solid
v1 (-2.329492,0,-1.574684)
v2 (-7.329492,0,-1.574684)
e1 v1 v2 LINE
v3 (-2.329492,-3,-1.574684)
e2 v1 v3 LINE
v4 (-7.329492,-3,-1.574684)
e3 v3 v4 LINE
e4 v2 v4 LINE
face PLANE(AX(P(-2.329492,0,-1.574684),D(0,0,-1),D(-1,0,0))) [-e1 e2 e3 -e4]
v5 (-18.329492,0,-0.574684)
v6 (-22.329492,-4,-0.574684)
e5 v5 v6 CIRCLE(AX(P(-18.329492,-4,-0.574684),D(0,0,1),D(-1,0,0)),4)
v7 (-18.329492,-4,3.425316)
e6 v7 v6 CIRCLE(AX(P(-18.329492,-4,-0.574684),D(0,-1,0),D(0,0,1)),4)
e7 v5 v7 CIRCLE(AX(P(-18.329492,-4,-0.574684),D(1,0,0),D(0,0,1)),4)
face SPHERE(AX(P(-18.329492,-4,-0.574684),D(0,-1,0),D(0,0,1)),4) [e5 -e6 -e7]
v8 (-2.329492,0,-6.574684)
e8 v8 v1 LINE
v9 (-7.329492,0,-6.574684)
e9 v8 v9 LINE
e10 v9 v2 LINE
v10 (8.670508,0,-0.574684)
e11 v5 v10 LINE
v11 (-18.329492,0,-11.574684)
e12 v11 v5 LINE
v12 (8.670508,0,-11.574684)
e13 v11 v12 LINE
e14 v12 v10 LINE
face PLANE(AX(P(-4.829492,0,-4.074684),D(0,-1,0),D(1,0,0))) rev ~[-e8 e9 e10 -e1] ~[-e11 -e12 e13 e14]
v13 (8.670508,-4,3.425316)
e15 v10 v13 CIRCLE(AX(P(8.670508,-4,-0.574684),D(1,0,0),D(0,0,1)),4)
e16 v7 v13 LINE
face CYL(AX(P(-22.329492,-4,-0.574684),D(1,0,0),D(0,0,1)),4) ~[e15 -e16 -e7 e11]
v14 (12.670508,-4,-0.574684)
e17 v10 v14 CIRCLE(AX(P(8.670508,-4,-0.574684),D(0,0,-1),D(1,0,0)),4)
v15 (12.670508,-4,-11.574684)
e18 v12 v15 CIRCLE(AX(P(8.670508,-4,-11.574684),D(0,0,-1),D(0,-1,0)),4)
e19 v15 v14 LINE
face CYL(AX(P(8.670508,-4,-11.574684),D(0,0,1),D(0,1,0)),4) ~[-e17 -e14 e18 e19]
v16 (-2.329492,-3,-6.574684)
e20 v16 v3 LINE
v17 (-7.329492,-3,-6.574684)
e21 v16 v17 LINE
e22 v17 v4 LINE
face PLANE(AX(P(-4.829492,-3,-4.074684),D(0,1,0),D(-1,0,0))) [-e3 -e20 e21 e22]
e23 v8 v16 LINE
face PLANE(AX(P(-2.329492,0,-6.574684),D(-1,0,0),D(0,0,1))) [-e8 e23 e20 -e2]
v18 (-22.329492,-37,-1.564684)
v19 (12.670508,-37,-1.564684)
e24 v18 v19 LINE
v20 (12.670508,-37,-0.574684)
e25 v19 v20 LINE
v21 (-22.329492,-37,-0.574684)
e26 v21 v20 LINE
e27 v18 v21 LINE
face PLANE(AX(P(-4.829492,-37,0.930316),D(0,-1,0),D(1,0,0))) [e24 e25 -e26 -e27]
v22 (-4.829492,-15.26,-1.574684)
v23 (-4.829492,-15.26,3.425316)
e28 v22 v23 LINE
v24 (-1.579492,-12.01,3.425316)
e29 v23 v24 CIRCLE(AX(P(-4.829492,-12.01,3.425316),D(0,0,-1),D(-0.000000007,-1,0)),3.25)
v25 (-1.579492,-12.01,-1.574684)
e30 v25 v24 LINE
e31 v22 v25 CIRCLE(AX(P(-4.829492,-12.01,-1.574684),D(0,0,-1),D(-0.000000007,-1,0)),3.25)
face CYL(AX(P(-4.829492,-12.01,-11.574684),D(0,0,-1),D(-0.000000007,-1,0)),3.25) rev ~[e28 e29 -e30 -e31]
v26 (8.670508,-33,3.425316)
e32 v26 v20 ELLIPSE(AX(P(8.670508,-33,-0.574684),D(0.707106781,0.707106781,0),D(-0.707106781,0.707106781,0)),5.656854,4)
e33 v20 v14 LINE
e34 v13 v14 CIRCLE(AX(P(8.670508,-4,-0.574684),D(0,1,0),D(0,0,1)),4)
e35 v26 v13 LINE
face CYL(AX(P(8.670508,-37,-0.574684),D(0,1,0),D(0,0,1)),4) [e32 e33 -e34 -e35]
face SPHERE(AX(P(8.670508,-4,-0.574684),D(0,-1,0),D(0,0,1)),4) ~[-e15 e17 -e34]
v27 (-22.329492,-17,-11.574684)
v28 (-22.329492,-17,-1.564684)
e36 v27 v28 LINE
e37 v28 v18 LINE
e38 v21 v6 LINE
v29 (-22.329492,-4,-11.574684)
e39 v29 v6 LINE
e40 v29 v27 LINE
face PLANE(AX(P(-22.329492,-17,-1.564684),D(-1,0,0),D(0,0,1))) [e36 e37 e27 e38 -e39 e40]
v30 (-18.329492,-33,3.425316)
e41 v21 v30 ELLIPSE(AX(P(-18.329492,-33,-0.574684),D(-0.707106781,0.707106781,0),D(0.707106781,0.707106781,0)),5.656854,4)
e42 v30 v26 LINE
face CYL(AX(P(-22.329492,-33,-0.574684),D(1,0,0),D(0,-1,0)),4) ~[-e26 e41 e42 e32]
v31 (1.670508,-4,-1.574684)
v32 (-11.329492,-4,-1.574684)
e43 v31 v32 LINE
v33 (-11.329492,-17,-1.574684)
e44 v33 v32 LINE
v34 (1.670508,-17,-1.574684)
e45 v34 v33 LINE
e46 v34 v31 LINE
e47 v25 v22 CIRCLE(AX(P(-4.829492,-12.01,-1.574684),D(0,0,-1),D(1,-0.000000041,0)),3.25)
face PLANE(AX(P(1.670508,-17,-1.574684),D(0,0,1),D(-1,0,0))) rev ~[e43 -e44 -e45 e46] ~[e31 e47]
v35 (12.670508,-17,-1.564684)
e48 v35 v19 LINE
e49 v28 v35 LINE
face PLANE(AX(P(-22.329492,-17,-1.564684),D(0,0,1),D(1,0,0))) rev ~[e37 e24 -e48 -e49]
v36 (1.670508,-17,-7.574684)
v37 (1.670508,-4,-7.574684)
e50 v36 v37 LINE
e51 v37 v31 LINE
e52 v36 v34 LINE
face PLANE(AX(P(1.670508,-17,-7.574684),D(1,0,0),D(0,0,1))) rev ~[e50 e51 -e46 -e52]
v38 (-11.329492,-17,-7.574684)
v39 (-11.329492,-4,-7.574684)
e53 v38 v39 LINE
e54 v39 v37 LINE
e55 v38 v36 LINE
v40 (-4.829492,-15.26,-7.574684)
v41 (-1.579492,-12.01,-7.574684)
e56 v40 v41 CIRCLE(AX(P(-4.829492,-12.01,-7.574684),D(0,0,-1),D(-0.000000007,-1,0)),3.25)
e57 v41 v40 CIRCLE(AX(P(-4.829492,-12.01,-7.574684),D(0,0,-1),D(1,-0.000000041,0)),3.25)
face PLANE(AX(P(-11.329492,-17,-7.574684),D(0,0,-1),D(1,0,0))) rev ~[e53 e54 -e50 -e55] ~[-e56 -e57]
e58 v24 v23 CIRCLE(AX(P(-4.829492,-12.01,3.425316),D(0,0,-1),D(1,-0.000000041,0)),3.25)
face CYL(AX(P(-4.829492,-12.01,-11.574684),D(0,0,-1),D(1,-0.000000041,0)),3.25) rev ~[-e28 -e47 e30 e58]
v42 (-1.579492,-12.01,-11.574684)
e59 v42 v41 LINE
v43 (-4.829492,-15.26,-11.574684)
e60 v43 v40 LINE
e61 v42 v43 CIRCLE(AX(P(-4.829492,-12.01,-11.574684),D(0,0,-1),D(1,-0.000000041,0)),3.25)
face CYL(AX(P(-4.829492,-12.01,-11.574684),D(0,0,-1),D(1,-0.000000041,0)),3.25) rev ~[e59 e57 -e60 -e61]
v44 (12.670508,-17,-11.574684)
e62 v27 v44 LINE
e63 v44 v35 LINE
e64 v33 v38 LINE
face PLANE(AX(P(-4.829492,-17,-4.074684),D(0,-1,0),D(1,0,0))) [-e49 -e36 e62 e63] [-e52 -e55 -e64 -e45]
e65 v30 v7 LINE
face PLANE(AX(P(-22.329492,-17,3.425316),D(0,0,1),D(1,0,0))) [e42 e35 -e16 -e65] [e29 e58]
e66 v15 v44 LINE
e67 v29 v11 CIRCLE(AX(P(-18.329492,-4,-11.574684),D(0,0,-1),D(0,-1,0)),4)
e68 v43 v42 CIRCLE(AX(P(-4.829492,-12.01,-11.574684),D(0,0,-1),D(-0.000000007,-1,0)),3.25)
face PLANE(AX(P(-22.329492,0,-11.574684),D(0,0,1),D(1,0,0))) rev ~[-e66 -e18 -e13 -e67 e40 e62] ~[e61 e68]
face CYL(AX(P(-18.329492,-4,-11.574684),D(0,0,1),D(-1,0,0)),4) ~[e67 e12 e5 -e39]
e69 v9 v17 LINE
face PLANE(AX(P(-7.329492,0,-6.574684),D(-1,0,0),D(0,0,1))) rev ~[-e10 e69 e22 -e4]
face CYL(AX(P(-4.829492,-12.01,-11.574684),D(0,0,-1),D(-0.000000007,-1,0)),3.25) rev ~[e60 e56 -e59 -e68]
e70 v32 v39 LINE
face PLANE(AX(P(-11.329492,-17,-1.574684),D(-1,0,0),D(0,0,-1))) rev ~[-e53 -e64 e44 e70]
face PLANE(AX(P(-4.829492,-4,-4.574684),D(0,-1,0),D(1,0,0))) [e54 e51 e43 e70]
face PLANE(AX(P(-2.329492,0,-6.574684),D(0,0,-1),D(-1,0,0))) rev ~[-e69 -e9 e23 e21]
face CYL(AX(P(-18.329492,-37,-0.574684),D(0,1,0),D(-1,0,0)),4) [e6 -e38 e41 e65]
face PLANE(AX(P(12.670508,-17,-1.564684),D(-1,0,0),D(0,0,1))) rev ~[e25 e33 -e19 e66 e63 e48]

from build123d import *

# Parameters (mm, degrees)
F0_W     = 35
F0_H     = 15
F1_DEPTH = 17
F2_W     = 35
F2_H     = 4.99
F3_DEPTH = 20
F5_DEPTH = 13
F7_DEPTH = 25
F8_W     = 5
F8_H     = 5
F9_DEPTH = 3
F10_R    = 4


with BuildPart() as f1:
    # F0 (on Front) → F1 (new body)
    with BuildSketch(Plane.XZ):
        with Locations((-4.829492, -4.074684)):
            Rectangle(F0_W, F0_H)
    extrude(amount=F1_DEPTH)

    # F2 (on face) → F3 (join)
    with BuildSketch(Plane.XZ.offset(17)):
        with Locations((-4.829492, 0.930316)):
            Rectangle(F2_W, F2_H)
    extrude(amount=F3_DEPTH)

    # F4 (on face) → F5 (cut)
    with BuildSketch(Plane.XZ.offset(17)):
        Polygon((-11.329492, -7.574684), (-4.829492, -7.574684), (1.670508, -7.574684), (1.670508, -1.574684), (-11.329492, -1.574684), align=None)
    extrude(amount=-F5_DEPTH, mode=Mode.SUBTRACT)

    # F6 (on face) → F7 (cut)
    with BuildSketch(Plane(origin=(0, 0, -11.574684), x_dir=(1, 0, 0), z_dir=(0, 0, -1))):
        with BuildLine():
            ThreePointArc((-1.579492, 12.01), (-2.531395, 14.308097), (-4.829492, 15.26))
            ThreePointArc((-4.829492, 15.26), (-7.127589, 9.711903), (-1.579492, 12.01))
        make_face()
    extrude(amount=-F7_DEPTH, mode=Mode.SUBTRACT)

    # F8 (on face) → F9 (cut)
    with BuildSketch(Plane(origin=(0, 0, 0), x_dir=(-1, 0, 0), z_dir=(0, 1, 0))):
        with Locations((4.829492, -4.074684)):
            Rectangle(F8_W, F8_H)
    extrude(amount=-F9_DEPTH, mode=Mode.SUBTRACT)

    # F10
    f10_edges = [f1.edges().sort_by_distance(p)[0] for p in [
        (12.670508, -18.5, 3.425316),
        (-4.829492, -37, 3.425316),
        (-22.329492, -18.5, 3.425316),
        (-4.829492, 0, 3.425316),
        (-22.329492, 0, -4.074684),
        (12.670508, 0, -4.074684),
    ]]
    fillet(f10_edges, radius=F10_R)


solid = f1.part
